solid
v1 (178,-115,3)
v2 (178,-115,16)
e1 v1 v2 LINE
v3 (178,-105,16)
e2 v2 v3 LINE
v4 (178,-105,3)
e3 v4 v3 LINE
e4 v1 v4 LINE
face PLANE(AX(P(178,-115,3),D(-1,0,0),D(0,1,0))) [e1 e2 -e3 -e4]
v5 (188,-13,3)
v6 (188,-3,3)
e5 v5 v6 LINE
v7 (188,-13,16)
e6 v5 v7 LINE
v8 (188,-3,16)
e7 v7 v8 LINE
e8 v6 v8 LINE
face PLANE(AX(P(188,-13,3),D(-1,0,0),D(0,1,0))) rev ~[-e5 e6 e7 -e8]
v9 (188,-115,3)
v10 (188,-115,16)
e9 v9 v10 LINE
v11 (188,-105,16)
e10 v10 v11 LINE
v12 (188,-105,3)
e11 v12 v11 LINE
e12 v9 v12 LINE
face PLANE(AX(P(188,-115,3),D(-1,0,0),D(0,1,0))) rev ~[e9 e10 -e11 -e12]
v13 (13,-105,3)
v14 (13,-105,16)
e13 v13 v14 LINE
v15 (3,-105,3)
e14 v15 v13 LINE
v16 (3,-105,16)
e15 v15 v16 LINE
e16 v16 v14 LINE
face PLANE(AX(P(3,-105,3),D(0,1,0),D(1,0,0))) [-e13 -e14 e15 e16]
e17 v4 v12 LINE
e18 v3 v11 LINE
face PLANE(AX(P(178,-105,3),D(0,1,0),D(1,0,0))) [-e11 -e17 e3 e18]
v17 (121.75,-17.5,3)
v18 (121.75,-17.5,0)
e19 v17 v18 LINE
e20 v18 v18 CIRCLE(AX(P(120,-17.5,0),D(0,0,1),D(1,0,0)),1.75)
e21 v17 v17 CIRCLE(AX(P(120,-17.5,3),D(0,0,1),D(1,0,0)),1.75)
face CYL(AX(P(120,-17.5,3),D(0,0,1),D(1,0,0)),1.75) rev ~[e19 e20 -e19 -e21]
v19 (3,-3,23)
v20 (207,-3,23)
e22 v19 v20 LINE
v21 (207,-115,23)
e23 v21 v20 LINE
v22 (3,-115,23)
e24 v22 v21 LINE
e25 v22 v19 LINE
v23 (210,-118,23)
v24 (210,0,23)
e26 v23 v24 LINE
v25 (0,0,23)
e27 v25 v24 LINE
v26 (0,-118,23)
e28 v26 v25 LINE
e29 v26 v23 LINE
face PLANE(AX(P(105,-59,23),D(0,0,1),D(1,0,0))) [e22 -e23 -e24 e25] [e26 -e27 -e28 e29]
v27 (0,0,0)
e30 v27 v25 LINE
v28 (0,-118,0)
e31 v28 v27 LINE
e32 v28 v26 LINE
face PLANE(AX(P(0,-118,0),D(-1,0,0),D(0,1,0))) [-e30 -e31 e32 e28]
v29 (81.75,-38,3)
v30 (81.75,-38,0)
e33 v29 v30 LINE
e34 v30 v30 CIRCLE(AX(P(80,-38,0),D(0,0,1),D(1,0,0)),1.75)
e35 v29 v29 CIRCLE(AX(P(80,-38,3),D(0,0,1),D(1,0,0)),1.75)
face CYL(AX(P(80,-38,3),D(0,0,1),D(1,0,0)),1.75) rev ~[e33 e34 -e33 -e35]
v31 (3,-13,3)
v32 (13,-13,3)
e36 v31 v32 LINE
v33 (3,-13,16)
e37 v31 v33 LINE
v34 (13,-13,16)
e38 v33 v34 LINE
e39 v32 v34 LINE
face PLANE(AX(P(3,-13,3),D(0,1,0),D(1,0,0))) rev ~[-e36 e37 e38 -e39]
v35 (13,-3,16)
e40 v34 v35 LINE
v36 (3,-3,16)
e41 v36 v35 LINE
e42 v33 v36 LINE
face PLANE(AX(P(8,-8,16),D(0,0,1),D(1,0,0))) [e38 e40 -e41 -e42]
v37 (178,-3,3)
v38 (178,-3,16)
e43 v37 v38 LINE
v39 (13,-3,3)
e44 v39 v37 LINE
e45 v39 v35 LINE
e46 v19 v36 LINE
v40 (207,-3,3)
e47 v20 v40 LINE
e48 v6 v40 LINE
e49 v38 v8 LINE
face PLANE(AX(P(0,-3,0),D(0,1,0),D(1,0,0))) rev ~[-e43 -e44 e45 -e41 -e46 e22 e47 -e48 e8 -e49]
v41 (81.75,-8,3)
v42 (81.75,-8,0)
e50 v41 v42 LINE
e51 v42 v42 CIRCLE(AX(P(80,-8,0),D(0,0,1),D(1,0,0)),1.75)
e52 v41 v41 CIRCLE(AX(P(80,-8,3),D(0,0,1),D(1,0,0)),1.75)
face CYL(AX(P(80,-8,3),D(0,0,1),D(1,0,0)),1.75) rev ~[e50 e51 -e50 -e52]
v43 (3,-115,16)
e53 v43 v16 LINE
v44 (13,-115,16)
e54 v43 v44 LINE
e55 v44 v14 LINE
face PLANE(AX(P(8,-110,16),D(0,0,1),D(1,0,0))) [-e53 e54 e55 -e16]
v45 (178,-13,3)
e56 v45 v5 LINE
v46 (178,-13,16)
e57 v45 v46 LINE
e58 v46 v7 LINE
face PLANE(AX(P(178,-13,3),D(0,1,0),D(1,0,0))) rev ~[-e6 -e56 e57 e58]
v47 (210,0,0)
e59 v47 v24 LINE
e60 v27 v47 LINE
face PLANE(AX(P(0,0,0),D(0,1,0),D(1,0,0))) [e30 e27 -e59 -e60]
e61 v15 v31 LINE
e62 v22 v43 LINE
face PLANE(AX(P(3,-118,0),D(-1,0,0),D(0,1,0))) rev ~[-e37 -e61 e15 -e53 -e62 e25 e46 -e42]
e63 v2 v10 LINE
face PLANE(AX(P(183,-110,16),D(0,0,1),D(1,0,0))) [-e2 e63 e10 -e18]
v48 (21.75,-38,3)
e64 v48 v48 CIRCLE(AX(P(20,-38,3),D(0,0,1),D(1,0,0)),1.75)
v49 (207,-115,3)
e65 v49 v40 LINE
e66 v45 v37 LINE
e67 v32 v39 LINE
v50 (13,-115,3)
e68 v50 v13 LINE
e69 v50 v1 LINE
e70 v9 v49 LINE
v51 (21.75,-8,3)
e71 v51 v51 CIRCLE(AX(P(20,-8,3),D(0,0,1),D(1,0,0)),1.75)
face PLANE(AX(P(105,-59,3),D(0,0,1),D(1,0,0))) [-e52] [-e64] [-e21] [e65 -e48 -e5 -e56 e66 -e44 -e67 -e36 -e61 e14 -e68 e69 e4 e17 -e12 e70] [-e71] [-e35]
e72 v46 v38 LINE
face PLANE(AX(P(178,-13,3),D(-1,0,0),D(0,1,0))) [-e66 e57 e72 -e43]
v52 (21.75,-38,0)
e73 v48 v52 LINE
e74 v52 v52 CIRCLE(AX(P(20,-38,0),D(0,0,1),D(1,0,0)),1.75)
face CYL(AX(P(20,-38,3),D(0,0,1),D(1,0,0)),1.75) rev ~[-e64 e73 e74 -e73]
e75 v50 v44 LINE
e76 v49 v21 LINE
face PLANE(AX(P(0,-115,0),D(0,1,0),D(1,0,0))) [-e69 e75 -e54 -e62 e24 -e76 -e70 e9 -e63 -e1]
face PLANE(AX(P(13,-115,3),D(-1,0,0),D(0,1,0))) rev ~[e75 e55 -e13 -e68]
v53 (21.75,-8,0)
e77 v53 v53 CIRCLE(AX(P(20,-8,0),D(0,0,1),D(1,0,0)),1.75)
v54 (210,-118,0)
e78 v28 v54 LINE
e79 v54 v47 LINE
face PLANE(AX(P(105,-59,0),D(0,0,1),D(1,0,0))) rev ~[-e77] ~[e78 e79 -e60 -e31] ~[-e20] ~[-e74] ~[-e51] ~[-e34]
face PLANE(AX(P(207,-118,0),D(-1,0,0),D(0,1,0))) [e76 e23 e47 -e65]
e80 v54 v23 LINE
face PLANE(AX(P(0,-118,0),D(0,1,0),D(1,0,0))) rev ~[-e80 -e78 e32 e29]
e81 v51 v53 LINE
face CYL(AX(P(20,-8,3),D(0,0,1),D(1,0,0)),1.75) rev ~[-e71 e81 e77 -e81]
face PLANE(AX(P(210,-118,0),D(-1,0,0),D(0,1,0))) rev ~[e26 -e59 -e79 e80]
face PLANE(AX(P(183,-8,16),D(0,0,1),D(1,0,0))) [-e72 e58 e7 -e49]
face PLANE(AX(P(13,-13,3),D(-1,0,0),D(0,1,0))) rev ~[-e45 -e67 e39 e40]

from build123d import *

# Parameters (mm, degrees)
F0_W     = 210
F0_H     = 118
F1_DEPTH = 23
F2_T     = -3
F3_W     = 10
F3_H     = 10
F4_DEPTH = 13
F5_R     = 1.75
F6_DEPTH = 25


with BuildPart() as f1:
    # F0 (on Top) → F1 (new body)
    with BuildSketch(Plane.XY):
        with Locations((105, -59)):
            Rectangle(F0_W, F0_H)
    extrude(amount=F1_DEPTH)

    # F2
    f2_openings = [f1.faces().sort_by_distance(p)[0] for p in [
        (105, -59, 23),
    ]]
    offset(amount=F2_T, openings=f2_openings)

    # F3 (on face) → F4 (join)
    with BuildSketch(Plane.XY.offset(3)):
        with Locations((8, -8)):
            Rectangle(F3_W, F3_H)
        with Locations((183, -8)):
            Rectangle(F3_W, F3_H)
        with Locations((183, -110)):
            Rectangle(F3_W, F3_H)
        with Locations((8, -110)):
            Rectangle(F3_W, F3_H)
    extrude(amount=F4_DEPTH)

    # F5 (on face) → F6 (cut)
    with BuildSketch(Plane.XY.offset(3)):
        with Locations((20, -8)):
            Circle(F5_R)
        with Locations((20, -38)):
            Circle(F5_R)
        with Locations((80, -38)):
            Circle(F5_R)
        with Locations((80, -8)):
            Circle(F5_R)
        with Locations((120, -17.5)):
            Circle(F5_R)
    extrude(amount=-F6_DEPTH, mode=Mode.SUBTRACT)


solid = f1.part
